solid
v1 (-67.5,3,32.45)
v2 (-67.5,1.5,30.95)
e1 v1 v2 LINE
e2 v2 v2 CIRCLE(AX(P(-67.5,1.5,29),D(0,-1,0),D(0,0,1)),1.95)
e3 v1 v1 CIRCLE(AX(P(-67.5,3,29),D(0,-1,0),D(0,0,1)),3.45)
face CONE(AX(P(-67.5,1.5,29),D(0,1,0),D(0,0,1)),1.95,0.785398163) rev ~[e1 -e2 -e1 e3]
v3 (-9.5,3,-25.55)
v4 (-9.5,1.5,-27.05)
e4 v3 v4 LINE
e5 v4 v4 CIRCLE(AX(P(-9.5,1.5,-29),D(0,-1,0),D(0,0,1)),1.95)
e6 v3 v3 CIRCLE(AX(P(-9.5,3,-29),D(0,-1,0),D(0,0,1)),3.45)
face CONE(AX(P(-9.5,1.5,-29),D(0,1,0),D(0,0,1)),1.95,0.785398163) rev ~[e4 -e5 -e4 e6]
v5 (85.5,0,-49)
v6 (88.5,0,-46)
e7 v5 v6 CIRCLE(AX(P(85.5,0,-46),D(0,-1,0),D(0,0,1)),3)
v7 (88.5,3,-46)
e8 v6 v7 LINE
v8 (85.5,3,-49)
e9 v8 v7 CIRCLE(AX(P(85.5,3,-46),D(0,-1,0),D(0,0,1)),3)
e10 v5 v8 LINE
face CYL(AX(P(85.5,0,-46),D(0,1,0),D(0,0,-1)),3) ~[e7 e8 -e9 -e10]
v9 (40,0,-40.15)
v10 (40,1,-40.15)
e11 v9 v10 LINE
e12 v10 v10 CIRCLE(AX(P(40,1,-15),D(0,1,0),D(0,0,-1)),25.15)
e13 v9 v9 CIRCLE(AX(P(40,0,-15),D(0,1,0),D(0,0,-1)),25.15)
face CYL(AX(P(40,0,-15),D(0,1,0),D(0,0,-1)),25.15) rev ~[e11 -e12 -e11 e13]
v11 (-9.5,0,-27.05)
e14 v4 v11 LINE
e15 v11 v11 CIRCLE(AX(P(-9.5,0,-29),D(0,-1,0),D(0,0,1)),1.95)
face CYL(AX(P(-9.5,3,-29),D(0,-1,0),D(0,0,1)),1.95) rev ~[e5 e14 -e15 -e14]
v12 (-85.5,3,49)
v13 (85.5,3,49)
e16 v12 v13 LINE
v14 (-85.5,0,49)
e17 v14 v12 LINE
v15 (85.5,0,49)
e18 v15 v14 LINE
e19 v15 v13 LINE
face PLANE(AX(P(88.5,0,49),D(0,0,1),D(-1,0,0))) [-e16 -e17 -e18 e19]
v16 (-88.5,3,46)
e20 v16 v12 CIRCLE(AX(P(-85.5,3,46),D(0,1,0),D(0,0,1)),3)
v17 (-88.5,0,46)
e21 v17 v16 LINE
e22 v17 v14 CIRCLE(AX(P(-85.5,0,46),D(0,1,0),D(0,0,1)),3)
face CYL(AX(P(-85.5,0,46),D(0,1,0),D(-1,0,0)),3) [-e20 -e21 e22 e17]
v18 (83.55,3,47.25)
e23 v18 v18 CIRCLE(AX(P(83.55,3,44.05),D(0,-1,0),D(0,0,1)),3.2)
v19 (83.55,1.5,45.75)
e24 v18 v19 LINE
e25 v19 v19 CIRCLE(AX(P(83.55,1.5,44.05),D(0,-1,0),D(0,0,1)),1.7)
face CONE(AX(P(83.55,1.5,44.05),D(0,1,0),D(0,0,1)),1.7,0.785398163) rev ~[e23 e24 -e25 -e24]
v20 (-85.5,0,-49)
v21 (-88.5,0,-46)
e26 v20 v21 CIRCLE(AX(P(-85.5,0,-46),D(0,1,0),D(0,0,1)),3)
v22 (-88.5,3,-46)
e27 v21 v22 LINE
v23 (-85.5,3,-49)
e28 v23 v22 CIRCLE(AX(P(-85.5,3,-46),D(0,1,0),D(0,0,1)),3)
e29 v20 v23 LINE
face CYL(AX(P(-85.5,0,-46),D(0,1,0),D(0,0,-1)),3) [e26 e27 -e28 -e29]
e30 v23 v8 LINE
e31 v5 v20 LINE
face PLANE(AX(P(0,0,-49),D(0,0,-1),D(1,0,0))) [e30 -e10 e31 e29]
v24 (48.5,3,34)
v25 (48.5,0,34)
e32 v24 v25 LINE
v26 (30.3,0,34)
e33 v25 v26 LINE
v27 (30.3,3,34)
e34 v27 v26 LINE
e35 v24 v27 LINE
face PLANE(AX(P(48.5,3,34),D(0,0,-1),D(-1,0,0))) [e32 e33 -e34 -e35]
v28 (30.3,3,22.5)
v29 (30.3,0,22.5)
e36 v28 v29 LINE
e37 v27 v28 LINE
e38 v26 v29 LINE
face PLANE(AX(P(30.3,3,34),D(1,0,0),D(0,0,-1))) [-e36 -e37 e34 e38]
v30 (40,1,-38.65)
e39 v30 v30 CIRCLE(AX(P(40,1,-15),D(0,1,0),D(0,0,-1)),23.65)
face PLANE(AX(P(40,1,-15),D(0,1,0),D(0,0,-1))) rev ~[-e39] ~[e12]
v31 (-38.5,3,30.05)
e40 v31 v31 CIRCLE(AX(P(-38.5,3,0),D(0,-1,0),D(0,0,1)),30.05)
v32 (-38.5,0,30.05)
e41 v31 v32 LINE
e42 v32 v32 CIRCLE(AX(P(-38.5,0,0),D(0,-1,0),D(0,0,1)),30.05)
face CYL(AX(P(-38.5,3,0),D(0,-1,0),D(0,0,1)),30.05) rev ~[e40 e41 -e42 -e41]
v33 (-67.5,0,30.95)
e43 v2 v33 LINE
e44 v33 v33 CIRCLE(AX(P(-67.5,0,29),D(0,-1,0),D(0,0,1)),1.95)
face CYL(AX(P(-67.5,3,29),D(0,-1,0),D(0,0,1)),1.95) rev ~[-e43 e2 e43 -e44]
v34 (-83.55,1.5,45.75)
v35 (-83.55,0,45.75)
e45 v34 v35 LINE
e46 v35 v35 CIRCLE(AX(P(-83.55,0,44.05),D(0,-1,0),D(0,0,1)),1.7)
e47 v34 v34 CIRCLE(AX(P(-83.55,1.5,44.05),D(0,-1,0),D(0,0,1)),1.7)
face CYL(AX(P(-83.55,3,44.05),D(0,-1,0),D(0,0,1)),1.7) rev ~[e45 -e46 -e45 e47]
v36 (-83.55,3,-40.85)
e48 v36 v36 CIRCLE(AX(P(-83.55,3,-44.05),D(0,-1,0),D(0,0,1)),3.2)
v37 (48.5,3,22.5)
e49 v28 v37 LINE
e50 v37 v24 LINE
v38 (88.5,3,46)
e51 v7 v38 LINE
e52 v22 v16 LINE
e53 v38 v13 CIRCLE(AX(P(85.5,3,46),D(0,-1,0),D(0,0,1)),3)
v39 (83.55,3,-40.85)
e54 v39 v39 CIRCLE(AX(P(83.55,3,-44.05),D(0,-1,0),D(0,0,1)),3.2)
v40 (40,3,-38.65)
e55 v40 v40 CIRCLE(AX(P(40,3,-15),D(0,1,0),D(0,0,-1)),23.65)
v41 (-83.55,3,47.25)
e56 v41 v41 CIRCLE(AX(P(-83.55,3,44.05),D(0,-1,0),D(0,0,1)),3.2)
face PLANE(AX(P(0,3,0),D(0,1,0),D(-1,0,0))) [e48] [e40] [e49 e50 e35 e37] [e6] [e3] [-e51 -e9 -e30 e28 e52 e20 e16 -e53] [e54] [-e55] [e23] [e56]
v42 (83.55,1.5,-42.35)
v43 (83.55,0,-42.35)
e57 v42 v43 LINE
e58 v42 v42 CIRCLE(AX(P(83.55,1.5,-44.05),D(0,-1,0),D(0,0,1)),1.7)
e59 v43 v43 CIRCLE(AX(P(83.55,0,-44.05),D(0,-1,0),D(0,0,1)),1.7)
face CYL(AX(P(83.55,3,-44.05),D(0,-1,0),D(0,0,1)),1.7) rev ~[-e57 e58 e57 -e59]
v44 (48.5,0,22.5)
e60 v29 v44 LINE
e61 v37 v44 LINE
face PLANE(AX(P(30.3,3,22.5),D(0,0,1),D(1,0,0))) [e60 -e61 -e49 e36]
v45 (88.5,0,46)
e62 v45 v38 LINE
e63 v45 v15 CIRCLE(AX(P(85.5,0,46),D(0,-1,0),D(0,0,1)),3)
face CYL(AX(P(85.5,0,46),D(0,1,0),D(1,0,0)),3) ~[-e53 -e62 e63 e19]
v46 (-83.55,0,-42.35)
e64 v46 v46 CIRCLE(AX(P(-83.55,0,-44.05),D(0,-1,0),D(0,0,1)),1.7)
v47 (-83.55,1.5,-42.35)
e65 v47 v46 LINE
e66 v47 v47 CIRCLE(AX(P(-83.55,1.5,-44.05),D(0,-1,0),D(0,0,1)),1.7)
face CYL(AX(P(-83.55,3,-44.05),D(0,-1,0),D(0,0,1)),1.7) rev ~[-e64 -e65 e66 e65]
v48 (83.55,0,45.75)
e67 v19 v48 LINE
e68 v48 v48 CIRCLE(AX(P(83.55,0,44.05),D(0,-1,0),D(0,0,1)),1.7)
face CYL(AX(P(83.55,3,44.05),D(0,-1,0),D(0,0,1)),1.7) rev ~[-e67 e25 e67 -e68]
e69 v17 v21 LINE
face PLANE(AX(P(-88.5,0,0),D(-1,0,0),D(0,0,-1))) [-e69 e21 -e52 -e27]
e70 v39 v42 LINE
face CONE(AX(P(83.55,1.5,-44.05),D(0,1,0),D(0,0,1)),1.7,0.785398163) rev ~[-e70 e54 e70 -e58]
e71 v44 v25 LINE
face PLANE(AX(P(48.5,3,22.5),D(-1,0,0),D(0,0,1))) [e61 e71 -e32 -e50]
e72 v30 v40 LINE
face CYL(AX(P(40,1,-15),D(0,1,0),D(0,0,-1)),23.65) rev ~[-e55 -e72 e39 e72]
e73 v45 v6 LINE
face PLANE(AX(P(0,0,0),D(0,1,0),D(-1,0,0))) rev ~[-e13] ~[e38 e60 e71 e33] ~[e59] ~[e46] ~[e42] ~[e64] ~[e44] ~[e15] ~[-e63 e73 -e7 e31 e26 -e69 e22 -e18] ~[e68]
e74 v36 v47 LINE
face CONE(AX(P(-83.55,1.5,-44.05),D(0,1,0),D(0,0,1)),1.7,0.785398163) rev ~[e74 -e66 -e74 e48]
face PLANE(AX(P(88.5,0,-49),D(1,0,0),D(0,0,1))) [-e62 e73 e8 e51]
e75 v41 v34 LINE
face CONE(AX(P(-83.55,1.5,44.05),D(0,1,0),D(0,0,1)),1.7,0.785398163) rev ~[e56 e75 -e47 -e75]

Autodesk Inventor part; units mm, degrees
ref_plane "YZ Plane" through (0, 0, 0) normal (1, 0, 0) x (0, 1, 0)
ref_plane "XZ Plane" through (0, 0, 0) normal (0, 1, 0) x (-1, 0, 0)
ref_plane "XY Plane" through (0, 0, 0) normal (0, 0, 1) x (1, 0, 0)
sketch "Náčrt1" plane through (0, 0, 0) normal (0, 1, 0) x (-1, 0, 0)
  line L0 (0, -68.6) -> (0, 68.6) projected
  line L1 (-123.9, 0) -> (123.9, 0) projected
  line L2 (88.5, -49) -> (-88.5, -49)
  line L3 (-88.5, -49) -> (-88.5, 49)
  line L4 (-88.5, 49) -> (88.5, 49)
  line L5 (88.5, 49) -> (88.5, -49)
  point P0 (0, 0)
  dimension "d0" = 177
  dimension "d1" = 98
extrude "Vysunutí1" add sketch "Náčrt1" along normal blind 3
sketch "Náčrt2" plane through (0, 3, 0) normal (0, 1, 0) x (1, 0, 0)
  line L0 (0, 68.6) -> (0, -68.6) projected
  line L1 (123.9, 0) -> (-123.9, 0) projected
  point P0 (0, 0)
  point P1 (-83.55, 44.05)
  point P2 (-83.55, -44.05)
  point P3 (83.55, -44.05)
  point P4 (83.55, 44.05)
  dimension "d4" = 88.1
  dimension "d5" = 167.1
  dimension "d6" = 88.1
  dimension "d7" = 167.1
hole "Díra1" at (-83.55, 3, -44.05) at (-83.55, 3, 44.05) at (83.55, 3, 44.05) at (83.55, 3, -44.05) direction (0, -1, 0) diameter 3.4 end through all clearance for "Šroub se zápustnou hlavou ISO 2009/7046" size "M3" standard "ISO"
fillet "Zaoblení1" radius 3 4 edges at (88.5, 1.5, 49) (88.5, 1.5, -49) (-88.5, 1.5, 49) (-88.5, 1.5, -49)
sketch "Náčrt3" plane through (0, 3, 0) normal (0, 1, 0) x (1, 0, 0)
  line L0 (123.9, 0) -> (-123.9, 0) projected
  line L1 (-88.5, 46) -> (-88.5, -46) projected
  point P0 (0, 0)
  point P1 (-38.5, 0)
  dimension "d21" = 50
hole "Díra2" at (-38.5, 3, 0) direction (0, -1, 0) diameter 60.1 end through all
sketch "Náčrt4" plane through (0, 0, 0) normal (0, -1, 0) x (1, 0, 0)
  line L0 (0, 68.6) -> (0, -68.6) projected
  line L1 (-123.9, 0) -> (123.9, 0) projected
  point P0 (0, 0)
  point P1 (40, -15)
  dimension "d29" = 40
  dimension "d38" = 15
hole "Díra3" at (40, 0, -15) direction (0, 1, 0) diameter 47.3 end through all counterbore diameter 50.3 counterbore depth 1
sketch "Náčrt5" plane through (0, 3, 0) normal (0, 1, 0) x (1, 0, 0)
  line L0 (30.3, -22.5) -> (48.5, -22.5)
  line L1 (48.5, -22.5) -> (48.5, -34)
  line L2 (48.5, -34) -> (30.3, -34)
  line L3 (30.3, -34) -> (30.3, -22.5)
  line L4 (-85.5, -49) -> (85.5, -49) projected
  line L5 (88.5, -46) -> (88.5, 46) projected
  point P0 (0, 0)
  dimension "d39" = 18.2
  dimension "d40" = 11.5
  dimension "d41" = 15
  dimension "d43" = 40
extrude "Vysunutí2" cut sketch "Náčrt5" against normal up to surface (3 mm away)
sketch "Náčrt6" plane through (0, 3, 0) normal (0, 1, 0) x (1, 0, 0)
  line L0 (123.9, 0) -> (-123.9, 0) projected
  line L1 (0, 68.6) -> (0, -68.6) projected
  circle A0 centre (-38.5, 0) radius 30.05 projected
  point P0 (0, 0)
  point P1 (-67.5, -29)
  point P2 (-9.5, 29)
  dimension "d46" = 29
  dimension "d49" = 29
  dimension "d57" = 29
  dimension "d58" = 29
hole "Díra4" at (-67.5, 3, 29) at (-9.5, 3, -29) direction (0, -1, 0) diameter 3.9 end through all
chamfer "Zkosení1" distance 1.5 angle 45 6 edges at (83.55, 3, -45.75) (-83.55, 3, -45.75) (83.55, 3, 42.35) (-83.55, 3, 42.35) (-9.5, 3, -30.95) (-67.5, 3, 27.05)
properties part number "4.L - GM - 01.02" material "LCP plast"
